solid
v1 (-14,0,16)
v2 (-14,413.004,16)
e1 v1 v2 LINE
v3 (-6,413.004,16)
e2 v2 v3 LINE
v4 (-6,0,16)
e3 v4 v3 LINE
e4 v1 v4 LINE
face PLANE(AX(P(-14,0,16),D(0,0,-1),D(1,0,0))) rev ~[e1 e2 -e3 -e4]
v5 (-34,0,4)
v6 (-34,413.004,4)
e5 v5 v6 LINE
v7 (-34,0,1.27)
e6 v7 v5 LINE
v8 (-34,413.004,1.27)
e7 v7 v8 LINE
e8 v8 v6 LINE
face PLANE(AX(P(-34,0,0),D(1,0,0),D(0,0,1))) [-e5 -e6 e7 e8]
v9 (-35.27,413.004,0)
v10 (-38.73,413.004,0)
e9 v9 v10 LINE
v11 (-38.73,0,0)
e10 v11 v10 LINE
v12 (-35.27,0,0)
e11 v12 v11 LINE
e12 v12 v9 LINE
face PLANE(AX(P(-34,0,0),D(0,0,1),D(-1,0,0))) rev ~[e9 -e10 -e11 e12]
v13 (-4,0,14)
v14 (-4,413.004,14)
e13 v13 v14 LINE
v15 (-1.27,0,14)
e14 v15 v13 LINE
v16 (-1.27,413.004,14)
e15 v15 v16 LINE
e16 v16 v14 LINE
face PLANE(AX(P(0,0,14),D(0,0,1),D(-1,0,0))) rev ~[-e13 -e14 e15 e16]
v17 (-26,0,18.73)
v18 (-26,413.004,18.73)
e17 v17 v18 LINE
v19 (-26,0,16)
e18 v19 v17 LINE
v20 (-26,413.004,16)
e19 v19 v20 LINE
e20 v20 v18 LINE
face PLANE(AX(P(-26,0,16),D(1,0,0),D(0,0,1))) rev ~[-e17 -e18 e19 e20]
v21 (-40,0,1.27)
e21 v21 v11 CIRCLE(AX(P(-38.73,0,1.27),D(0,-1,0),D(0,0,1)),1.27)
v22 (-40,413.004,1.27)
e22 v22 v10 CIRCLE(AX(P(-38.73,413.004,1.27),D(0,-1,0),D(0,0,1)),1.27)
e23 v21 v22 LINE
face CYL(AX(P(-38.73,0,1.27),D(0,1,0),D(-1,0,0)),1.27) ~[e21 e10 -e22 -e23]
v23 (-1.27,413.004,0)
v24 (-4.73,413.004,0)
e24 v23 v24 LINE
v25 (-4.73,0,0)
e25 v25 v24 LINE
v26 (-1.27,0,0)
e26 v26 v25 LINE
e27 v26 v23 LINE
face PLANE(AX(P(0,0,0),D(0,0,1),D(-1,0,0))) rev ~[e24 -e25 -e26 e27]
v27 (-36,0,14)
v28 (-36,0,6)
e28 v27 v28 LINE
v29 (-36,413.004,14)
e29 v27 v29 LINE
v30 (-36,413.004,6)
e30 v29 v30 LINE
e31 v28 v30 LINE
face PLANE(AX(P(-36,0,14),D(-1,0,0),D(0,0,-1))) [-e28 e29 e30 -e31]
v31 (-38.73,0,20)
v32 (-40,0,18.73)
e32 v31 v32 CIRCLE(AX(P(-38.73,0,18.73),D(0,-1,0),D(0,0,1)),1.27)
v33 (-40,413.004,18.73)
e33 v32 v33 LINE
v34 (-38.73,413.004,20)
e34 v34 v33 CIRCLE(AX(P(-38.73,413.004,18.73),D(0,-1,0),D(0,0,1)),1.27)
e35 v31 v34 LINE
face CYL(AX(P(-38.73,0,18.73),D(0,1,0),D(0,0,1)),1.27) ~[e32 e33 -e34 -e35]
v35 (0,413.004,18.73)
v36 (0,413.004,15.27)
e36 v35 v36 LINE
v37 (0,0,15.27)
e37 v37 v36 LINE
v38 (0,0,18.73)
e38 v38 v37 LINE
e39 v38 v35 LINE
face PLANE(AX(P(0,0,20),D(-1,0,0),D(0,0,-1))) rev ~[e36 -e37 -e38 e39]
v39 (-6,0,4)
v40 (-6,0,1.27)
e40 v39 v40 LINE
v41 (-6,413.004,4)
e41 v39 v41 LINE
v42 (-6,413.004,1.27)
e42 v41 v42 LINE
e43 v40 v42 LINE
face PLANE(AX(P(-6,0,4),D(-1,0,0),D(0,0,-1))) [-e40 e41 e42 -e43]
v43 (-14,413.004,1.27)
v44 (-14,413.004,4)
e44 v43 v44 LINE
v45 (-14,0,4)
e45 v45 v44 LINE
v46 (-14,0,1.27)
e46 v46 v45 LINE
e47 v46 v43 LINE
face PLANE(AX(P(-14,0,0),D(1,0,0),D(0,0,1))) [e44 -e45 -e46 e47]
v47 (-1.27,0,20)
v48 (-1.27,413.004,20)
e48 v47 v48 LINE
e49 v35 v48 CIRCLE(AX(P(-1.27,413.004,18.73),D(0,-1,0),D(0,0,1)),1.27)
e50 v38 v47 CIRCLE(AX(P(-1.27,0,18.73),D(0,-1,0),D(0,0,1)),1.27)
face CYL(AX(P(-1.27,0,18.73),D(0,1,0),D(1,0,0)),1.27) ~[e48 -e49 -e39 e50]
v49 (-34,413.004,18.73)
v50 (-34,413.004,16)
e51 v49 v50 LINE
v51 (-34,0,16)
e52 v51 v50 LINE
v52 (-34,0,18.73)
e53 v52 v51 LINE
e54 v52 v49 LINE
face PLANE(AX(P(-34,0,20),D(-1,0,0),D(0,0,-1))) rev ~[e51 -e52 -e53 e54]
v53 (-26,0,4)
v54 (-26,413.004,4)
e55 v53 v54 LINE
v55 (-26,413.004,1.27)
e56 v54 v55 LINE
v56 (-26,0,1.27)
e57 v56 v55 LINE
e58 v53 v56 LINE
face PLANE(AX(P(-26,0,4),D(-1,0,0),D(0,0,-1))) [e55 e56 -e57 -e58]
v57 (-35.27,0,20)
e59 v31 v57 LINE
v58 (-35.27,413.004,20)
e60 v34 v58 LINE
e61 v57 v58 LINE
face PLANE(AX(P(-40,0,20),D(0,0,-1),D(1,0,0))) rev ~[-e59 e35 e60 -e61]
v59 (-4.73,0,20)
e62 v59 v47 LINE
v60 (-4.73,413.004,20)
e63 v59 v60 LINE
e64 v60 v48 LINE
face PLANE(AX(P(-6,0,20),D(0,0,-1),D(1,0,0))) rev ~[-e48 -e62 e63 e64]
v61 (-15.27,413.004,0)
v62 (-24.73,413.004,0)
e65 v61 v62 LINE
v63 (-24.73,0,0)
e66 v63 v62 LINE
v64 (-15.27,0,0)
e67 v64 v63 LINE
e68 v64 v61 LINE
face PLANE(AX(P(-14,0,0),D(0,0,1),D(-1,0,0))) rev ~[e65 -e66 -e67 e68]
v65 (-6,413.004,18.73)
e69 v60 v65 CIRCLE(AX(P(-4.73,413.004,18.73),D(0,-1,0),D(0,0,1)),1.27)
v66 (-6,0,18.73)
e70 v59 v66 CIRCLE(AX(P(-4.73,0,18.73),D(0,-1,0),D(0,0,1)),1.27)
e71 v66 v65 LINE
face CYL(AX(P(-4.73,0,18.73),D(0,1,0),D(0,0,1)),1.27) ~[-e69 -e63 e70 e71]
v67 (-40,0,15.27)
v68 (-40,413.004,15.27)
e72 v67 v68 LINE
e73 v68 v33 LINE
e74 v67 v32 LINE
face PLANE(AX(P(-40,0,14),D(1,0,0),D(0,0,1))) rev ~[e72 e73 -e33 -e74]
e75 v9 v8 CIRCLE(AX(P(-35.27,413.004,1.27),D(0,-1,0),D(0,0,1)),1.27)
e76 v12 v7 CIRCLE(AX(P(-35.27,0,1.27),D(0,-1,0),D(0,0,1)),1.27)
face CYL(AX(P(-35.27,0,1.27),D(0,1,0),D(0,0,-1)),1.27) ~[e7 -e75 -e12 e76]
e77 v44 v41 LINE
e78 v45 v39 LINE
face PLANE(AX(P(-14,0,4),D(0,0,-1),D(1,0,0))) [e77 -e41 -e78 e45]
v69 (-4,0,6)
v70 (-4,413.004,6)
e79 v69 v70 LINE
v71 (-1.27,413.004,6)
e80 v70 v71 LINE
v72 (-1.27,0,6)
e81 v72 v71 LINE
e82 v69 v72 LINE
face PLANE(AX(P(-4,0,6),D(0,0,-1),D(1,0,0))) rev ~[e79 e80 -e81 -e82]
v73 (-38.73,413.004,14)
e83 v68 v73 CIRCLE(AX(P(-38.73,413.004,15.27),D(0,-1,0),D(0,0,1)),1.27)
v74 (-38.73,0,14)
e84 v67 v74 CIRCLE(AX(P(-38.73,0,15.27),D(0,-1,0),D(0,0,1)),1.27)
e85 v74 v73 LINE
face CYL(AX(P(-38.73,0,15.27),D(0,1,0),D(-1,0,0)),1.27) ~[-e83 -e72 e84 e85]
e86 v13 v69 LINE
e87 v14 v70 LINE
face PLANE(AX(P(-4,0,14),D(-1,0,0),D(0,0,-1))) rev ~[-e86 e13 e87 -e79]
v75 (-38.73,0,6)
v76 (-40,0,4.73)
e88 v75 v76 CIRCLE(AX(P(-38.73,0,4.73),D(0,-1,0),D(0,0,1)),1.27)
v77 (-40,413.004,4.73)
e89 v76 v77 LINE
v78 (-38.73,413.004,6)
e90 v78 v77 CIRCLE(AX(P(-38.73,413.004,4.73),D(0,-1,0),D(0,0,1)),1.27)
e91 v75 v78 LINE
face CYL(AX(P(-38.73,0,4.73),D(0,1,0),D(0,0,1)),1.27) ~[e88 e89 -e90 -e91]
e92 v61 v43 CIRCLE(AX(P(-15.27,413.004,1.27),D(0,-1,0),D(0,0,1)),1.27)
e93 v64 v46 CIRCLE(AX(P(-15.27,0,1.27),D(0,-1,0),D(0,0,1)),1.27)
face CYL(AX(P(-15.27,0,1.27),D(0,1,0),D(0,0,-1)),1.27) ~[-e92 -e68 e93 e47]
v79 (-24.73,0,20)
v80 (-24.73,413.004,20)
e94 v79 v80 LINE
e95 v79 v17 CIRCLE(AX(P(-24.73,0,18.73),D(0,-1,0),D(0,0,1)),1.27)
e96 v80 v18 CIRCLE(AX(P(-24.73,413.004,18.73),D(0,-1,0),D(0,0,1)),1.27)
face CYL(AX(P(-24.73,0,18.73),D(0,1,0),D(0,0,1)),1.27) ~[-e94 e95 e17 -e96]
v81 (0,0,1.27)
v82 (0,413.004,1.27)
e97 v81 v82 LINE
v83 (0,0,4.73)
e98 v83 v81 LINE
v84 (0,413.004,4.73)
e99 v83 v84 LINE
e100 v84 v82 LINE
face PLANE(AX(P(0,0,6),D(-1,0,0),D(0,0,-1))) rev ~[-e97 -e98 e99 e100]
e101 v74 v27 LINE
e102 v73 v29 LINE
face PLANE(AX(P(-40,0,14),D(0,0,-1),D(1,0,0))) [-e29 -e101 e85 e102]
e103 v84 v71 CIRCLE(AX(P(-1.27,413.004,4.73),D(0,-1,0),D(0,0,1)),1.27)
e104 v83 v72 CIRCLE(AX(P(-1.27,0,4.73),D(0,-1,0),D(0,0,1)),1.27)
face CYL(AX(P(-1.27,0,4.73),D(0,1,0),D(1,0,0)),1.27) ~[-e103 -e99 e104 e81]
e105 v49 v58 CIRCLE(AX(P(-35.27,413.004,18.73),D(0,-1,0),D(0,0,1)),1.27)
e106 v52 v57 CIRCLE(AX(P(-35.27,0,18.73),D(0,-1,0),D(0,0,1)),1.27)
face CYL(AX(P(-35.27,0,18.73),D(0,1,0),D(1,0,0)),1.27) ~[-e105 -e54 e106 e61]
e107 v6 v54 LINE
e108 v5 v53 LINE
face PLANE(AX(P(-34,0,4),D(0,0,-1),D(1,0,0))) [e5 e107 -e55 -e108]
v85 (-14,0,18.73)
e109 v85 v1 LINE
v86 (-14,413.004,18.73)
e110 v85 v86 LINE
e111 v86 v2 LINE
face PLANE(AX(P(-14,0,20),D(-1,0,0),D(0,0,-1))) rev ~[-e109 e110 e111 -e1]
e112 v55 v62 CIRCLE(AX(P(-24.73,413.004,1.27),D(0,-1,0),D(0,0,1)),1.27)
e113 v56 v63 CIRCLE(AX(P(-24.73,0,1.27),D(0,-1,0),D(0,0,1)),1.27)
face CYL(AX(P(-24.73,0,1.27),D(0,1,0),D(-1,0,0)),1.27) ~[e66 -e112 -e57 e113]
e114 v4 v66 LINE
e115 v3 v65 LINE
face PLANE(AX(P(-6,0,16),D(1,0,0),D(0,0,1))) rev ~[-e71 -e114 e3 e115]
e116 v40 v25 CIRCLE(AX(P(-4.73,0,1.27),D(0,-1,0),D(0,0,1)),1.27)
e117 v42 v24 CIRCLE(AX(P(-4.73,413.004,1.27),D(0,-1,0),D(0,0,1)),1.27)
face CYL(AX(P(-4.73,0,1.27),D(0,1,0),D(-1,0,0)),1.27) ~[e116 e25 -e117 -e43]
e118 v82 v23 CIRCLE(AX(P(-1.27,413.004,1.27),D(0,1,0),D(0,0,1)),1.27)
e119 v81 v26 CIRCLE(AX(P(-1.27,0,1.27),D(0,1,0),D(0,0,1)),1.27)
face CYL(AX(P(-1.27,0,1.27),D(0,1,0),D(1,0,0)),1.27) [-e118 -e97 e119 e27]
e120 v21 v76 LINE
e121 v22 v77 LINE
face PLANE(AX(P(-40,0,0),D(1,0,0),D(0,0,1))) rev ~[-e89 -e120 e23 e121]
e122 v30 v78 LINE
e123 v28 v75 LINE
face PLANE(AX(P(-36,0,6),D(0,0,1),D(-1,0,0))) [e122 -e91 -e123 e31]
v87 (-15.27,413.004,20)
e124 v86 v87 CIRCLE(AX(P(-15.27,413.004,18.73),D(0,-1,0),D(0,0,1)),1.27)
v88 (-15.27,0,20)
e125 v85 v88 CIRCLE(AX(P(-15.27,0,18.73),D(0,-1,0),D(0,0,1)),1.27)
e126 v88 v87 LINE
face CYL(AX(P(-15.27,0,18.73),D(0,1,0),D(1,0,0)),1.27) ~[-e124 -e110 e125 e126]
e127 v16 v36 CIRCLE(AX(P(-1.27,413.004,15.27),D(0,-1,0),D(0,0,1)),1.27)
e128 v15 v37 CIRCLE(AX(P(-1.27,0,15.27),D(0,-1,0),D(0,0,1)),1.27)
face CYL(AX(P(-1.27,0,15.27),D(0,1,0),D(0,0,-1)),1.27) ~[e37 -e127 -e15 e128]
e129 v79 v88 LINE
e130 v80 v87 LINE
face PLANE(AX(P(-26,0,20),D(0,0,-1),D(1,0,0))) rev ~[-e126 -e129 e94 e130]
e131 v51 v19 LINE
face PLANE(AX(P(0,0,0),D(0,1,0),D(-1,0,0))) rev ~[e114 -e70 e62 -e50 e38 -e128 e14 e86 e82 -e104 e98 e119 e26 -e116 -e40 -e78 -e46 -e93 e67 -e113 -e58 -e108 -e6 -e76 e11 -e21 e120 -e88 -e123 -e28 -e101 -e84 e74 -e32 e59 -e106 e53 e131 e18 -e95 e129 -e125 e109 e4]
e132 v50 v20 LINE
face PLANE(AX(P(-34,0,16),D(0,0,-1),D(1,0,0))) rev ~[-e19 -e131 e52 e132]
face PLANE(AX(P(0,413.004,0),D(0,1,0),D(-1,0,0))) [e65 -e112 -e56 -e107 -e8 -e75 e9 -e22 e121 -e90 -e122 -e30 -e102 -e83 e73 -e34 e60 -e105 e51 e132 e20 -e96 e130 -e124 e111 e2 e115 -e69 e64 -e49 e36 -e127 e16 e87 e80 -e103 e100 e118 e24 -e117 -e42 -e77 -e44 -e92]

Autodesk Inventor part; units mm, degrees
ref_plane "YZ Plane" through (0, 0, 0) normal (1, 0, 0) x (0, 1, 0)
ref_plane "XZ Plane" through (0, 0, 0) normal (0, 1, 0) x (-1, 0, 0)
sketch "Sketch1" plane through (0, 0, 0) normal (0, 1, 0) x (-1, 0, 0)
  line L0 (0, 0) -> (40, 0)
  line L1 (40, 0) -> (40, 20)
  line L2 (40, 20) -> (0, 20)
  line L3 (0, 20) -> (0, 0)
  line L4 (0, 14) -> (4, 14)
  line L5 (4, 14) -> (4, 6)
  line L6 (4, 6) -> (0, 6)
  line L7 (0, 6) -> (0, 14)
  line L8 (40, 14) -> (36, 14)
  line L9 (36, 14) -> (36, 6)
  line L10 (36, 6) -> (40, 6)
  line L11 (40, 6) -> (40, 14)
  line L12 (6, 0) -> (14, 0)
  line L13 (14, 0) -> (14, 4)
  line L14 (14, 4) -> (6, 4)
  line L15 (6, 4) -> (6, 0)
  line L16 (26, 0) -> (34, 0)
  line L17 (34, 0) -> (34, 4)
  line L18 (34, 4) -> (26, 4)
  line L19 (26, 4) -> (26, 0)
  line L20 (6, 20) -> (14, 20)
  line L21 (14, 20) -> (14, 16)
  line L22 (14, 16) -> (6, 16)
  line L23 (6, 16) -> (6, 20)
  line L24 (26, 20) -> (34, 20)
  line L25 (34, 20) -> (34, 16)
  line L26 (34, 16) -> (26, 16)
  line L27 (26, 16) -> (26, 20)
  dimension "d0" = 40
  dimension "d1" = 20
  dimension "d2" = 6
  dimension "d3" = 8
  dimension "d4" = 4
  dimension "d5" = 8
  dimension "d6" = 6
  dimension "d7" = 4
  dimension "d8" = 4
  dimension "d9" = 8
  dimension "d10" = 6
  dimension "d11" = 4
extrude "Extrusion1" add sketch "Sketch1" along normal blind 413.004 contours L3 L6 L5 L4 L2 L23 L22 L21 L27 L26 L25 L1 L8 L9 L10 L0 L17 L18 L19 L13 L14 L15
fillet "Fillet1" radius 1.27 16 edges at (-40, 206.502, 20) (-40, 206.502, 14) (-40, 206.502, 6) (-40, 206.502, 0) (-34, 206.502, 0) (-34, 206.502, 20) (-26, 206.502, 20) (-14, 206.502, 20) (-6, 206.502, 20) (0, 206.502, 20) (0, 206.502, 14) (0, 206.502, 6) (0, 206.502, 0) (-6, 206.502, 0) (-14, 206.502, 0) (-26, 206.502, 0)
ref_plane "Work Plane1" through (-24.73, 0, 10) normal (0, 0, 1) x (1, 0, 0)
properties part number "20X40long" material "Aluminum 6061"
